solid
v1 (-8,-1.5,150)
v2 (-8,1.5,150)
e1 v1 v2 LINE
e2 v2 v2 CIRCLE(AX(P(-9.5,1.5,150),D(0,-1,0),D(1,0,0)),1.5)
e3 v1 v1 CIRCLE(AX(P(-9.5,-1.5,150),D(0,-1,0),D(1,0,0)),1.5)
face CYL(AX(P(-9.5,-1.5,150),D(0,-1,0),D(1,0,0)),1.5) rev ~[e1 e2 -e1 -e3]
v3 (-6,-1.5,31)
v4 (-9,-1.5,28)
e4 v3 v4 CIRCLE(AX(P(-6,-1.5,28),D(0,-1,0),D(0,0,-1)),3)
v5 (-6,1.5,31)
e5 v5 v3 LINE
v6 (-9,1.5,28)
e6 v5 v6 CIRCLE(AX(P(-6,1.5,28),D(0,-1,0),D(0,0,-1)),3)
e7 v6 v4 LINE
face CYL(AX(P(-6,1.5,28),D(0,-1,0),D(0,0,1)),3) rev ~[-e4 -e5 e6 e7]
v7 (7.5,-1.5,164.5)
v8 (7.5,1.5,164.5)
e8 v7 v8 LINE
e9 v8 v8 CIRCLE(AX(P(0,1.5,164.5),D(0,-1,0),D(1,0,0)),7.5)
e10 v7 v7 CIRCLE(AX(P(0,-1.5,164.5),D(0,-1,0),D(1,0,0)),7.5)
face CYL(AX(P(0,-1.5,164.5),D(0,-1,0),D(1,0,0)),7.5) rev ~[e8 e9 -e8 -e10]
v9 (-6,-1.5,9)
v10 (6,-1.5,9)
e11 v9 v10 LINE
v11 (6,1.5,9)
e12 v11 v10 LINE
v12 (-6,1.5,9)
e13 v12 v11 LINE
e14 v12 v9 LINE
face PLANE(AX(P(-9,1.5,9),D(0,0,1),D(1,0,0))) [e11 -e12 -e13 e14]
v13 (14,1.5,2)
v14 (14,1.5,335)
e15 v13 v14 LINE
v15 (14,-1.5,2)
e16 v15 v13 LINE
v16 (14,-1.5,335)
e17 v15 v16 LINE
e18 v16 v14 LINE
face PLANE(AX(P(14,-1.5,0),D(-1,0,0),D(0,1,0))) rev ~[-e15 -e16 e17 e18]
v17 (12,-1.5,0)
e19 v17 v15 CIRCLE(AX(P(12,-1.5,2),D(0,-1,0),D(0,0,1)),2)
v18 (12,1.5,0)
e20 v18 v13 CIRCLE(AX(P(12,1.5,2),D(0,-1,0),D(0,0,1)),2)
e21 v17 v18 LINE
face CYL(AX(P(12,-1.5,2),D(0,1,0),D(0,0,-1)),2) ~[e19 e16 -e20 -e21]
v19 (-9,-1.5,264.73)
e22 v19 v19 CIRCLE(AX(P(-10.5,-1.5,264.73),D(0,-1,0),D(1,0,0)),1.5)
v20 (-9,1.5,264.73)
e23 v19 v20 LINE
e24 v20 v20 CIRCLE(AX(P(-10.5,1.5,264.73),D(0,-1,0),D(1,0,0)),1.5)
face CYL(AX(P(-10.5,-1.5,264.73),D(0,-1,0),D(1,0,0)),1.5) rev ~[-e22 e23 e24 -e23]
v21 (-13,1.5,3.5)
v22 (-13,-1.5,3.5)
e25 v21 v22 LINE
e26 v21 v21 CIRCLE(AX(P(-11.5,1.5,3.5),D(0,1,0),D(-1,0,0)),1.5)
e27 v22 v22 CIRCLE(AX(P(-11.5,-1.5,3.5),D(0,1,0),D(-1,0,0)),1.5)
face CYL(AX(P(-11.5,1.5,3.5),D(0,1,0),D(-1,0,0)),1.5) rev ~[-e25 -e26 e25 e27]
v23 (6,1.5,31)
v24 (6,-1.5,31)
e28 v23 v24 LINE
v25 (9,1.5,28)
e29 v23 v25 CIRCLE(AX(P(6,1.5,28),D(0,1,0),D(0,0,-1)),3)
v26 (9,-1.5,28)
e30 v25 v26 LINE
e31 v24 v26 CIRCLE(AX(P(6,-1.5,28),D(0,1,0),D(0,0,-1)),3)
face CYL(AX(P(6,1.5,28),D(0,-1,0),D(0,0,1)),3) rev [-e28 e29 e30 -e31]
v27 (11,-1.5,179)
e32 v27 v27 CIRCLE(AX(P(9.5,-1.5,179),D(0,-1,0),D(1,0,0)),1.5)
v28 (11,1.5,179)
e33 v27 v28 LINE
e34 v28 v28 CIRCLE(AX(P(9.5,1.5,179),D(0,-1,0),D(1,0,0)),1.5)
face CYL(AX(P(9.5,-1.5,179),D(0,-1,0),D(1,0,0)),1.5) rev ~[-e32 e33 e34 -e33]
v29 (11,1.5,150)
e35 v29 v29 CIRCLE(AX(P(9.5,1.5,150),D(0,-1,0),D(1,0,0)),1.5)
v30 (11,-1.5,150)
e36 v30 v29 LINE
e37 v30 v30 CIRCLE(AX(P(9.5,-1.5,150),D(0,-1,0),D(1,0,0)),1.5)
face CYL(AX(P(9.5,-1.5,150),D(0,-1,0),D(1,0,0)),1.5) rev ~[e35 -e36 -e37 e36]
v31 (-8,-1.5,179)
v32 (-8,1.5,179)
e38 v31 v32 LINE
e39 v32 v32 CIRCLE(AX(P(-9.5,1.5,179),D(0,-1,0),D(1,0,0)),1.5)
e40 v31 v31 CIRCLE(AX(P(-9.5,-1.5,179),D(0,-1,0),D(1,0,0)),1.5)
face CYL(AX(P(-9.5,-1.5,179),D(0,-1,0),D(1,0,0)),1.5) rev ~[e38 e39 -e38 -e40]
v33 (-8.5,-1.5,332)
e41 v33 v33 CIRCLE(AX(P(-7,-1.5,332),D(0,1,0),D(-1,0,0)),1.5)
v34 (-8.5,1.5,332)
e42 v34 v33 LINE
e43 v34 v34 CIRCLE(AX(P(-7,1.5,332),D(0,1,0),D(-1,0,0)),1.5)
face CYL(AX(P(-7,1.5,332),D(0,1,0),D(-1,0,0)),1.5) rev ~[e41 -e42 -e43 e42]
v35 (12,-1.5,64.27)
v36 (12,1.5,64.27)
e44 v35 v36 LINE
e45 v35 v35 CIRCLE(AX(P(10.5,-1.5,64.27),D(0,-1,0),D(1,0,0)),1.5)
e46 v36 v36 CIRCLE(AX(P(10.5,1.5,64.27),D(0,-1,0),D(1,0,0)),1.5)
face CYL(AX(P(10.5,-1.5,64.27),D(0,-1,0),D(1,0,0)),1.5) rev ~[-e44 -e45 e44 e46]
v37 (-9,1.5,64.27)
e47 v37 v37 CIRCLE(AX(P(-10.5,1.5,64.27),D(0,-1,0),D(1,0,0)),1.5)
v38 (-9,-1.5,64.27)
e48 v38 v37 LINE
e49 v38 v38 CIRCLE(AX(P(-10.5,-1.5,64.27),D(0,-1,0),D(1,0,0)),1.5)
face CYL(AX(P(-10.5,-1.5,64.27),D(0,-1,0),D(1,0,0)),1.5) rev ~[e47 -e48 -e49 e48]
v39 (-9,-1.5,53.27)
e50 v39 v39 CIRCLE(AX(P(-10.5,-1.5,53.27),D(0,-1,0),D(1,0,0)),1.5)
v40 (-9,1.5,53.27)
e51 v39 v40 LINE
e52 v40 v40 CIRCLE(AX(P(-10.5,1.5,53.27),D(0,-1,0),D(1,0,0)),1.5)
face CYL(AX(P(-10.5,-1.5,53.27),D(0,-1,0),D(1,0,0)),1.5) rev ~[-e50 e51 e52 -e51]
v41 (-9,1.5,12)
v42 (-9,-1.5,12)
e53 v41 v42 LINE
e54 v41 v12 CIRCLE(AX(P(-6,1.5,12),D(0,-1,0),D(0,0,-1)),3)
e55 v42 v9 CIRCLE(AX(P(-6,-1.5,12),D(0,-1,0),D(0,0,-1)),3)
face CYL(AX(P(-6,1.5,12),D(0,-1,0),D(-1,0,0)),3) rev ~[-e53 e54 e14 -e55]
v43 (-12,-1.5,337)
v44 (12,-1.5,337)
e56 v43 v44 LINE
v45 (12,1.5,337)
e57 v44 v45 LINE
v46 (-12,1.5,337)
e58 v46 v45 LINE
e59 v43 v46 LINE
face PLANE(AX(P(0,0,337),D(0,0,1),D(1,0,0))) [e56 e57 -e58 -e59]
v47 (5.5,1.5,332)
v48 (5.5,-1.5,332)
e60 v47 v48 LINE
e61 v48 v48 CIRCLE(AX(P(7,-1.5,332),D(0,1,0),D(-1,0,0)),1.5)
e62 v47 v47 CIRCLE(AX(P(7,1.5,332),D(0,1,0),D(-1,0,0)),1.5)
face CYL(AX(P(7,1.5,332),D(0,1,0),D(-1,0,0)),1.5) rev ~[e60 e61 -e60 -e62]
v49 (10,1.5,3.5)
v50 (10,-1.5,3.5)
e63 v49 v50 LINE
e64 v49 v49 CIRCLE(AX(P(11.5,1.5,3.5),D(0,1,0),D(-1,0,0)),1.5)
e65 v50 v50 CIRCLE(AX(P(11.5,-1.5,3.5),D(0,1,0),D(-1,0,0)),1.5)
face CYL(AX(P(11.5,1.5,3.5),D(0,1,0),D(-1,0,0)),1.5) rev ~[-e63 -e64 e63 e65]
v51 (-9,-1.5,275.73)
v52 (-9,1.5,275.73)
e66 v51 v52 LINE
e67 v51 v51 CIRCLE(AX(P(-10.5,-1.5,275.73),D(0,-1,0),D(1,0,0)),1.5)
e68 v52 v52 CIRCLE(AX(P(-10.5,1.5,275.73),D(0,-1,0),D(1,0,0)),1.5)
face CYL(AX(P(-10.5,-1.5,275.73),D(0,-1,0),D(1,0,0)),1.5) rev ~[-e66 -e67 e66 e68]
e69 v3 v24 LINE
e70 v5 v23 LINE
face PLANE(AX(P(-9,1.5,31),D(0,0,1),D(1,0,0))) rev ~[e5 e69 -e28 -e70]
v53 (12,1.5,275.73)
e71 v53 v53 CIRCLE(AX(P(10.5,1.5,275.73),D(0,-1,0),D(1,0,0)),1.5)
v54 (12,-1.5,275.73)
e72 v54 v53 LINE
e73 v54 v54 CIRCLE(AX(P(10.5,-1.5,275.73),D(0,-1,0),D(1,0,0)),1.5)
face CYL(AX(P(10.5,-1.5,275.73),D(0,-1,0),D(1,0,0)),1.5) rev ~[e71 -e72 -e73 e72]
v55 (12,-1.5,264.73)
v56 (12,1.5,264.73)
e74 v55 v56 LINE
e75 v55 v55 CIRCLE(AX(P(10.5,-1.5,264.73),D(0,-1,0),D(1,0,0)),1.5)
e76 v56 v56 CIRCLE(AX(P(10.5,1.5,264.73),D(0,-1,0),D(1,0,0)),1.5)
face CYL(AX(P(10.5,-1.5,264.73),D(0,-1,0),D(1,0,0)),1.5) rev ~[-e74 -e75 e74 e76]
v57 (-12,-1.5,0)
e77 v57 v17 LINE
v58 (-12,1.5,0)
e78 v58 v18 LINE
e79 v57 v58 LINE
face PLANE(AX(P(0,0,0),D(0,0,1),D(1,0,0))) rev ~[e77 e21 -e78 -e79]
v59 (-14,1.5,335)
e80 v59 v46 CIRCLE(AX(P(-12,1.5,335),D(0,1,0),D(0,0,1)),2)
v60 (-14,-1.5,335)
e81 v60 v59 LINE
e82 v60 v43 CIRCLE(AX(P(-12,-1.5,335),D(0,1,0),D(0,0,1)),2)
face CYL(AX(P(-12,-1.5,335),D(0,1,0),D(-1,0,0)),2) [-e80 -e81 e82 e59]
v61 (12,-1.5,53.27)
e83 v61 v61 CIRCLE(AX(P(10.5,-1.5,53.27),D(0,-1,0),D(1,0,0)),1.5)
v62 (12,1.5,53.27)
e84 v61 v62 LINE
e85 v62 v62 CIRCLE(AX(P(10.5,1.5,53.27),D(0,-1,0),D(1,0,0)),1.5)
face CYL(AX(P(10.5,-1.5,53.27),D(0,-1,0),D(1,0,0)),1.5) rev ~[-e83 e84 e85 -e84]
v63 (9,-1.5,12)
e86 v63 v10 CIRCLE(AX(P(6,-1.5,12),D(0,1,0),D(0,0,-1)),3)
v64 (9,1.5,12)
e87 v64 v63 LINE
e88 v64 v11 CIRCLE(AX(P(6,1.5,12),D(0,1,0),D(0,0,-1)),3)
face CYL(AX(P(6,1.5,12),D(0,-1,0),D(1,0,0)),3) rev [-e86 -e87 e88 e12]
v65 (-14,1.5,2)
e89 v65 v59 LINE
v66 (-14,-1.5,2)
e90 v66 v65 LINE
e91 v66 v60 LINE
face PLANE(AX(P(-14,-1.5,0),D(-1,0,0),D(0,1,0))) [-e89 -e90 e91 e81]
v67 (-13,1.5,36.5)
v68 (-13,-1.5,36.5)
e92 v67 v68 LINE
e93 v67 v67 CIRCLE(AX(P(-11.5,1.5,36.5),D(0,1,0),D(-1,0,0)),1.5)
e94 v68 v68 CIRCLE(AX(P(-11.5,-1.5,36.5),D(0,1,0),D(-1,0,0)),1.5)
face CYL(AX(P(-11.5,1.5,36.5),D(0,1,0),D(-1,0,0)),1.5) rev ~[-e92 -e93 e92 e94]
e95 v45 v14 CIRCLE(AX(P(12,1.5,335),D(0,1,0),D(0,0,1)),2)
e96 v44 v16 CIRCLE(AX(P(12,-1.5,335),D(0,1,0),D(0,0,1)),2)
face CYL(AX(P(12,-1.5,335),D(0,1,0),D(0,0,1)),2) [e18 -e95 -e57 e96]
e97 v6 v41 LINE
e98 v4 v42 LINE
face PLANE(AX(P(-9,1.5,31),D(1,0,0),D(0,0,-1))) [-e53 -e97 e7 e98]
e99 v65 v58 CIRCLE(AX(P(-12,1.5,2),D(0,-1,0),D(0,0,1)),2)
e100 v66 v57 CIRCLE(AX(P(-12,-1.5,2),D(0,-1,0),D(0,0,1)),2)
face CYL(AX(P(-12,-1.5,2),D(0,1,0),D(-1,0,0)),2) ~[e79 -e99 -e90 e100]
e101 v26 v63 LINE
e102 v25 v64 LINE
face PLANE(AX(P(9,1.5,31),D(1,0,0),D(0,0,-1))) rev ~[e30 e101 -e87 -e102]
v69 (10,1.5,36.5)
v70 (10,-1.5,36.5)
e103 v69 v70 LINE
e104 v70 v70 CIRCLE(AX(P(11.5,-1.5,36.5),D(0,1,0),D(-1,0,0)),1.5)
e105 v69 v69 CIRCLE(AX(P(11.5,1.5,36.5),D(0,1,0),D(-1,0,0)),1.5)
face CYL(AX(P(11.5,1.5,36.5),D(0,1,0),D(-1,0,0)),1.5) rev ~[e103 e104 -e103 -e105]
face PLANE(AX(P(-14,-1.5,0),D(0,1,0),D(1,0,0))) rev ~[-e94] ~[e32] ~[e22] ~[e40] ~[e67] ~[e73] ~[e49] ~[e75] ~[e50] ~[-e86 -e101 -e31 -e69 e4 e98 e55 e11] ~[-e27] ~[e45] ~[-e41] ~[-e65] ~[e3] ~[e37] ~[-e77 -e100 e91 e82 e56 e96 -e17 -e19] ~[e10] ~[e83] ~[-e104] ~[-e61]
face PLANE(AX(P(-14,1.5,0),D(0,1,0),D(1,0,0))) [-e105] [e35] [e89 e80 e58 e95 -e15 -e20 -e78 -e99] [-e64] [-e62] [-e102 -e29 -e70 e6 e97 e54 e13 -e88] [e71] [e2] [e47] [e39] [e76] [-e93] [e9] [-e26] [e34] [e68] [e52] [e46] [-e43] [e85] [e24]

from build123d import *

# Parameters (mm, degrees)
SKETCH_1_W             = 28
SKETCH_1_H             = 3
EXTRUDE_1_DEPTH        = 337
SKETCH_2_R             = 7.5
SKETCH_2_R_2           = 1.5
CUT_EXTRUDE_1_DEPTH    = 400
SKETCH_3_R             = 1.5
SKETCH_3_W             = 18
SKETCH_3_H             = 22
CUT_EXTRUDE_2_DEPTH    = 10
SKETCH_4_R             = 1.5
CUT_EXTRUDE_3_DEPTH    = 10
SKETCH_5_R             = 1.5
CUT_EXTRUDE_4_DEPTH    = 10
FILLET_1_R             = 2
FILLET_3_R             = 3
PATTERN_LINEAR_1_COUNT = 2
PATTERN_LINEAR_1_PITCH = 211.46


with BuildPart() as part:
    # 草图1 → 凸台-拉伸1 (new body)
    with BuildSketch(Plane.XY):
        Rectangle(SKETCH_1_W, SKETCH_1_H)
    extrude(amount=EXTRUDE_1_DEPTH)

    # 草图2 → 切除-拉伸1 (cut)
    with BuildSketch(Plane.XZ.offset(1.5)):
        with Locations((0, 164.5)):
            Circle(SKETCH_2_R)
        with Locations((-9.5, 179)):
            Circle(SKETCH_2_R_2)
        with Locations((9.5, 179)):
            Circle(SKETCH_2_R_2)
        with Locations((9.5, 150)):
            Circle(SKETCH_2_R_2)
        with Locations((-9.5, 150)):
            Circle(SKETCH_2_R_2)
    extrude(amount=-CUT_EXTRUDE_1_DEPTH, mode=Mode.SUBTRACT)

    # 草图3 → 切除-拉伸2 (cut)
    with BuildSketch(Plane(origin=(0, 1.5, 0), x_dir=(1, 0, 0), z_dir=(0, 1, 0))):
        with Locations(Location((11.5, -3.5, 0), (0, 0, 180))):
            Circle(SKETCH_3_R)
        with Locations(Location((-11.5, -3.5, 0), (0, 0, 180))):
            Circle(SKETCH_3_R)
        with Locations(Location((-11.5, -36.5, 0), (0, 0, 180))):
            Circle(SKETCH_3_R)
        with Locations(Location((11.5, -36.5, 0), (0, 0, 180))):
            Circle(SKETCH_3_R)
        with Locations((0, -20)):
            Rectangle(SKETCH_3_W, SKETCH_3_H)
    extrude(amount=-CUT_EXTRUDE_2_DEPTH, mode=Mode.SUBTRACT)

    # 草图4 → 切除-拉伸3 (cut)
    with BuildSketch(Plane(origin=(0, 1.5, 0), x_dir=(1, 0, 0), z_dir=(0, 1, 0))):
        with Locations(Location((7, -332, 0), (0, 0, 180))):
            Circle(SKETCH_4_R)
        with Locations(Location((-7, -332, 0), (0, 0, 180))):
            Circle(SKETCH_4_R)
    extrude(amount=-CUT_EXTRUDE_3_DEPTH, mode=Mode.SUBTRACT)

    # 草图5 → 切除-拉伸4 (cut)
    with BuildSketch(Plane.XZ.offset(1.5)):
        with Locations((-10.5, 264.73)):
            Circle(SKETCH_5_R)
        with Locations((-10.5, 275.73)):
            Circle(SKETCH_5_R)
        with Locations((10.5, 275.73)):
            Circle(SKETCH_5_R)
        with Locations((10.5, 264.73)):
            Circle(SKETCH_5_R)
    cut_extrude_4 = extrude(amount=-CUT_EXTRUDE_4_DEPTH, mode=Mode.SUBTRACT)

    # 圆角1
    fillet_1_edges = [part.edges().sort_by_distance(p)[0] for p in [
        (-14, 0, 337),
        (14, 0, 337),
        (-14, 0, 0),
        (14, 0, 0),
    ]]
    fillet(fillet_1_edges, radius=FILLET_1_R)

    # 圆角3
    fillet_3_edges = [part.edges().sort_by_distance(p)[0] for p in [
        (9, 0, 9),
        (9, 0, 31),
        (-9, 0, 31),
        (-9, 0, 9),
    ]]
    fillet(fillet_3_edges, radius=FILLET_3_R)

    # 阵列(线性)1: 切除-拉伸4 ×2
    with Locations(*[(0, 0, -i * PATTERN_LINEAR_1_PITCH) for i in range(1, PATTERN_LINEAR_1_COUNT)]):
        add(cut_extrude_4, mode=Mode.SUBTRACT)


solid = part.part
